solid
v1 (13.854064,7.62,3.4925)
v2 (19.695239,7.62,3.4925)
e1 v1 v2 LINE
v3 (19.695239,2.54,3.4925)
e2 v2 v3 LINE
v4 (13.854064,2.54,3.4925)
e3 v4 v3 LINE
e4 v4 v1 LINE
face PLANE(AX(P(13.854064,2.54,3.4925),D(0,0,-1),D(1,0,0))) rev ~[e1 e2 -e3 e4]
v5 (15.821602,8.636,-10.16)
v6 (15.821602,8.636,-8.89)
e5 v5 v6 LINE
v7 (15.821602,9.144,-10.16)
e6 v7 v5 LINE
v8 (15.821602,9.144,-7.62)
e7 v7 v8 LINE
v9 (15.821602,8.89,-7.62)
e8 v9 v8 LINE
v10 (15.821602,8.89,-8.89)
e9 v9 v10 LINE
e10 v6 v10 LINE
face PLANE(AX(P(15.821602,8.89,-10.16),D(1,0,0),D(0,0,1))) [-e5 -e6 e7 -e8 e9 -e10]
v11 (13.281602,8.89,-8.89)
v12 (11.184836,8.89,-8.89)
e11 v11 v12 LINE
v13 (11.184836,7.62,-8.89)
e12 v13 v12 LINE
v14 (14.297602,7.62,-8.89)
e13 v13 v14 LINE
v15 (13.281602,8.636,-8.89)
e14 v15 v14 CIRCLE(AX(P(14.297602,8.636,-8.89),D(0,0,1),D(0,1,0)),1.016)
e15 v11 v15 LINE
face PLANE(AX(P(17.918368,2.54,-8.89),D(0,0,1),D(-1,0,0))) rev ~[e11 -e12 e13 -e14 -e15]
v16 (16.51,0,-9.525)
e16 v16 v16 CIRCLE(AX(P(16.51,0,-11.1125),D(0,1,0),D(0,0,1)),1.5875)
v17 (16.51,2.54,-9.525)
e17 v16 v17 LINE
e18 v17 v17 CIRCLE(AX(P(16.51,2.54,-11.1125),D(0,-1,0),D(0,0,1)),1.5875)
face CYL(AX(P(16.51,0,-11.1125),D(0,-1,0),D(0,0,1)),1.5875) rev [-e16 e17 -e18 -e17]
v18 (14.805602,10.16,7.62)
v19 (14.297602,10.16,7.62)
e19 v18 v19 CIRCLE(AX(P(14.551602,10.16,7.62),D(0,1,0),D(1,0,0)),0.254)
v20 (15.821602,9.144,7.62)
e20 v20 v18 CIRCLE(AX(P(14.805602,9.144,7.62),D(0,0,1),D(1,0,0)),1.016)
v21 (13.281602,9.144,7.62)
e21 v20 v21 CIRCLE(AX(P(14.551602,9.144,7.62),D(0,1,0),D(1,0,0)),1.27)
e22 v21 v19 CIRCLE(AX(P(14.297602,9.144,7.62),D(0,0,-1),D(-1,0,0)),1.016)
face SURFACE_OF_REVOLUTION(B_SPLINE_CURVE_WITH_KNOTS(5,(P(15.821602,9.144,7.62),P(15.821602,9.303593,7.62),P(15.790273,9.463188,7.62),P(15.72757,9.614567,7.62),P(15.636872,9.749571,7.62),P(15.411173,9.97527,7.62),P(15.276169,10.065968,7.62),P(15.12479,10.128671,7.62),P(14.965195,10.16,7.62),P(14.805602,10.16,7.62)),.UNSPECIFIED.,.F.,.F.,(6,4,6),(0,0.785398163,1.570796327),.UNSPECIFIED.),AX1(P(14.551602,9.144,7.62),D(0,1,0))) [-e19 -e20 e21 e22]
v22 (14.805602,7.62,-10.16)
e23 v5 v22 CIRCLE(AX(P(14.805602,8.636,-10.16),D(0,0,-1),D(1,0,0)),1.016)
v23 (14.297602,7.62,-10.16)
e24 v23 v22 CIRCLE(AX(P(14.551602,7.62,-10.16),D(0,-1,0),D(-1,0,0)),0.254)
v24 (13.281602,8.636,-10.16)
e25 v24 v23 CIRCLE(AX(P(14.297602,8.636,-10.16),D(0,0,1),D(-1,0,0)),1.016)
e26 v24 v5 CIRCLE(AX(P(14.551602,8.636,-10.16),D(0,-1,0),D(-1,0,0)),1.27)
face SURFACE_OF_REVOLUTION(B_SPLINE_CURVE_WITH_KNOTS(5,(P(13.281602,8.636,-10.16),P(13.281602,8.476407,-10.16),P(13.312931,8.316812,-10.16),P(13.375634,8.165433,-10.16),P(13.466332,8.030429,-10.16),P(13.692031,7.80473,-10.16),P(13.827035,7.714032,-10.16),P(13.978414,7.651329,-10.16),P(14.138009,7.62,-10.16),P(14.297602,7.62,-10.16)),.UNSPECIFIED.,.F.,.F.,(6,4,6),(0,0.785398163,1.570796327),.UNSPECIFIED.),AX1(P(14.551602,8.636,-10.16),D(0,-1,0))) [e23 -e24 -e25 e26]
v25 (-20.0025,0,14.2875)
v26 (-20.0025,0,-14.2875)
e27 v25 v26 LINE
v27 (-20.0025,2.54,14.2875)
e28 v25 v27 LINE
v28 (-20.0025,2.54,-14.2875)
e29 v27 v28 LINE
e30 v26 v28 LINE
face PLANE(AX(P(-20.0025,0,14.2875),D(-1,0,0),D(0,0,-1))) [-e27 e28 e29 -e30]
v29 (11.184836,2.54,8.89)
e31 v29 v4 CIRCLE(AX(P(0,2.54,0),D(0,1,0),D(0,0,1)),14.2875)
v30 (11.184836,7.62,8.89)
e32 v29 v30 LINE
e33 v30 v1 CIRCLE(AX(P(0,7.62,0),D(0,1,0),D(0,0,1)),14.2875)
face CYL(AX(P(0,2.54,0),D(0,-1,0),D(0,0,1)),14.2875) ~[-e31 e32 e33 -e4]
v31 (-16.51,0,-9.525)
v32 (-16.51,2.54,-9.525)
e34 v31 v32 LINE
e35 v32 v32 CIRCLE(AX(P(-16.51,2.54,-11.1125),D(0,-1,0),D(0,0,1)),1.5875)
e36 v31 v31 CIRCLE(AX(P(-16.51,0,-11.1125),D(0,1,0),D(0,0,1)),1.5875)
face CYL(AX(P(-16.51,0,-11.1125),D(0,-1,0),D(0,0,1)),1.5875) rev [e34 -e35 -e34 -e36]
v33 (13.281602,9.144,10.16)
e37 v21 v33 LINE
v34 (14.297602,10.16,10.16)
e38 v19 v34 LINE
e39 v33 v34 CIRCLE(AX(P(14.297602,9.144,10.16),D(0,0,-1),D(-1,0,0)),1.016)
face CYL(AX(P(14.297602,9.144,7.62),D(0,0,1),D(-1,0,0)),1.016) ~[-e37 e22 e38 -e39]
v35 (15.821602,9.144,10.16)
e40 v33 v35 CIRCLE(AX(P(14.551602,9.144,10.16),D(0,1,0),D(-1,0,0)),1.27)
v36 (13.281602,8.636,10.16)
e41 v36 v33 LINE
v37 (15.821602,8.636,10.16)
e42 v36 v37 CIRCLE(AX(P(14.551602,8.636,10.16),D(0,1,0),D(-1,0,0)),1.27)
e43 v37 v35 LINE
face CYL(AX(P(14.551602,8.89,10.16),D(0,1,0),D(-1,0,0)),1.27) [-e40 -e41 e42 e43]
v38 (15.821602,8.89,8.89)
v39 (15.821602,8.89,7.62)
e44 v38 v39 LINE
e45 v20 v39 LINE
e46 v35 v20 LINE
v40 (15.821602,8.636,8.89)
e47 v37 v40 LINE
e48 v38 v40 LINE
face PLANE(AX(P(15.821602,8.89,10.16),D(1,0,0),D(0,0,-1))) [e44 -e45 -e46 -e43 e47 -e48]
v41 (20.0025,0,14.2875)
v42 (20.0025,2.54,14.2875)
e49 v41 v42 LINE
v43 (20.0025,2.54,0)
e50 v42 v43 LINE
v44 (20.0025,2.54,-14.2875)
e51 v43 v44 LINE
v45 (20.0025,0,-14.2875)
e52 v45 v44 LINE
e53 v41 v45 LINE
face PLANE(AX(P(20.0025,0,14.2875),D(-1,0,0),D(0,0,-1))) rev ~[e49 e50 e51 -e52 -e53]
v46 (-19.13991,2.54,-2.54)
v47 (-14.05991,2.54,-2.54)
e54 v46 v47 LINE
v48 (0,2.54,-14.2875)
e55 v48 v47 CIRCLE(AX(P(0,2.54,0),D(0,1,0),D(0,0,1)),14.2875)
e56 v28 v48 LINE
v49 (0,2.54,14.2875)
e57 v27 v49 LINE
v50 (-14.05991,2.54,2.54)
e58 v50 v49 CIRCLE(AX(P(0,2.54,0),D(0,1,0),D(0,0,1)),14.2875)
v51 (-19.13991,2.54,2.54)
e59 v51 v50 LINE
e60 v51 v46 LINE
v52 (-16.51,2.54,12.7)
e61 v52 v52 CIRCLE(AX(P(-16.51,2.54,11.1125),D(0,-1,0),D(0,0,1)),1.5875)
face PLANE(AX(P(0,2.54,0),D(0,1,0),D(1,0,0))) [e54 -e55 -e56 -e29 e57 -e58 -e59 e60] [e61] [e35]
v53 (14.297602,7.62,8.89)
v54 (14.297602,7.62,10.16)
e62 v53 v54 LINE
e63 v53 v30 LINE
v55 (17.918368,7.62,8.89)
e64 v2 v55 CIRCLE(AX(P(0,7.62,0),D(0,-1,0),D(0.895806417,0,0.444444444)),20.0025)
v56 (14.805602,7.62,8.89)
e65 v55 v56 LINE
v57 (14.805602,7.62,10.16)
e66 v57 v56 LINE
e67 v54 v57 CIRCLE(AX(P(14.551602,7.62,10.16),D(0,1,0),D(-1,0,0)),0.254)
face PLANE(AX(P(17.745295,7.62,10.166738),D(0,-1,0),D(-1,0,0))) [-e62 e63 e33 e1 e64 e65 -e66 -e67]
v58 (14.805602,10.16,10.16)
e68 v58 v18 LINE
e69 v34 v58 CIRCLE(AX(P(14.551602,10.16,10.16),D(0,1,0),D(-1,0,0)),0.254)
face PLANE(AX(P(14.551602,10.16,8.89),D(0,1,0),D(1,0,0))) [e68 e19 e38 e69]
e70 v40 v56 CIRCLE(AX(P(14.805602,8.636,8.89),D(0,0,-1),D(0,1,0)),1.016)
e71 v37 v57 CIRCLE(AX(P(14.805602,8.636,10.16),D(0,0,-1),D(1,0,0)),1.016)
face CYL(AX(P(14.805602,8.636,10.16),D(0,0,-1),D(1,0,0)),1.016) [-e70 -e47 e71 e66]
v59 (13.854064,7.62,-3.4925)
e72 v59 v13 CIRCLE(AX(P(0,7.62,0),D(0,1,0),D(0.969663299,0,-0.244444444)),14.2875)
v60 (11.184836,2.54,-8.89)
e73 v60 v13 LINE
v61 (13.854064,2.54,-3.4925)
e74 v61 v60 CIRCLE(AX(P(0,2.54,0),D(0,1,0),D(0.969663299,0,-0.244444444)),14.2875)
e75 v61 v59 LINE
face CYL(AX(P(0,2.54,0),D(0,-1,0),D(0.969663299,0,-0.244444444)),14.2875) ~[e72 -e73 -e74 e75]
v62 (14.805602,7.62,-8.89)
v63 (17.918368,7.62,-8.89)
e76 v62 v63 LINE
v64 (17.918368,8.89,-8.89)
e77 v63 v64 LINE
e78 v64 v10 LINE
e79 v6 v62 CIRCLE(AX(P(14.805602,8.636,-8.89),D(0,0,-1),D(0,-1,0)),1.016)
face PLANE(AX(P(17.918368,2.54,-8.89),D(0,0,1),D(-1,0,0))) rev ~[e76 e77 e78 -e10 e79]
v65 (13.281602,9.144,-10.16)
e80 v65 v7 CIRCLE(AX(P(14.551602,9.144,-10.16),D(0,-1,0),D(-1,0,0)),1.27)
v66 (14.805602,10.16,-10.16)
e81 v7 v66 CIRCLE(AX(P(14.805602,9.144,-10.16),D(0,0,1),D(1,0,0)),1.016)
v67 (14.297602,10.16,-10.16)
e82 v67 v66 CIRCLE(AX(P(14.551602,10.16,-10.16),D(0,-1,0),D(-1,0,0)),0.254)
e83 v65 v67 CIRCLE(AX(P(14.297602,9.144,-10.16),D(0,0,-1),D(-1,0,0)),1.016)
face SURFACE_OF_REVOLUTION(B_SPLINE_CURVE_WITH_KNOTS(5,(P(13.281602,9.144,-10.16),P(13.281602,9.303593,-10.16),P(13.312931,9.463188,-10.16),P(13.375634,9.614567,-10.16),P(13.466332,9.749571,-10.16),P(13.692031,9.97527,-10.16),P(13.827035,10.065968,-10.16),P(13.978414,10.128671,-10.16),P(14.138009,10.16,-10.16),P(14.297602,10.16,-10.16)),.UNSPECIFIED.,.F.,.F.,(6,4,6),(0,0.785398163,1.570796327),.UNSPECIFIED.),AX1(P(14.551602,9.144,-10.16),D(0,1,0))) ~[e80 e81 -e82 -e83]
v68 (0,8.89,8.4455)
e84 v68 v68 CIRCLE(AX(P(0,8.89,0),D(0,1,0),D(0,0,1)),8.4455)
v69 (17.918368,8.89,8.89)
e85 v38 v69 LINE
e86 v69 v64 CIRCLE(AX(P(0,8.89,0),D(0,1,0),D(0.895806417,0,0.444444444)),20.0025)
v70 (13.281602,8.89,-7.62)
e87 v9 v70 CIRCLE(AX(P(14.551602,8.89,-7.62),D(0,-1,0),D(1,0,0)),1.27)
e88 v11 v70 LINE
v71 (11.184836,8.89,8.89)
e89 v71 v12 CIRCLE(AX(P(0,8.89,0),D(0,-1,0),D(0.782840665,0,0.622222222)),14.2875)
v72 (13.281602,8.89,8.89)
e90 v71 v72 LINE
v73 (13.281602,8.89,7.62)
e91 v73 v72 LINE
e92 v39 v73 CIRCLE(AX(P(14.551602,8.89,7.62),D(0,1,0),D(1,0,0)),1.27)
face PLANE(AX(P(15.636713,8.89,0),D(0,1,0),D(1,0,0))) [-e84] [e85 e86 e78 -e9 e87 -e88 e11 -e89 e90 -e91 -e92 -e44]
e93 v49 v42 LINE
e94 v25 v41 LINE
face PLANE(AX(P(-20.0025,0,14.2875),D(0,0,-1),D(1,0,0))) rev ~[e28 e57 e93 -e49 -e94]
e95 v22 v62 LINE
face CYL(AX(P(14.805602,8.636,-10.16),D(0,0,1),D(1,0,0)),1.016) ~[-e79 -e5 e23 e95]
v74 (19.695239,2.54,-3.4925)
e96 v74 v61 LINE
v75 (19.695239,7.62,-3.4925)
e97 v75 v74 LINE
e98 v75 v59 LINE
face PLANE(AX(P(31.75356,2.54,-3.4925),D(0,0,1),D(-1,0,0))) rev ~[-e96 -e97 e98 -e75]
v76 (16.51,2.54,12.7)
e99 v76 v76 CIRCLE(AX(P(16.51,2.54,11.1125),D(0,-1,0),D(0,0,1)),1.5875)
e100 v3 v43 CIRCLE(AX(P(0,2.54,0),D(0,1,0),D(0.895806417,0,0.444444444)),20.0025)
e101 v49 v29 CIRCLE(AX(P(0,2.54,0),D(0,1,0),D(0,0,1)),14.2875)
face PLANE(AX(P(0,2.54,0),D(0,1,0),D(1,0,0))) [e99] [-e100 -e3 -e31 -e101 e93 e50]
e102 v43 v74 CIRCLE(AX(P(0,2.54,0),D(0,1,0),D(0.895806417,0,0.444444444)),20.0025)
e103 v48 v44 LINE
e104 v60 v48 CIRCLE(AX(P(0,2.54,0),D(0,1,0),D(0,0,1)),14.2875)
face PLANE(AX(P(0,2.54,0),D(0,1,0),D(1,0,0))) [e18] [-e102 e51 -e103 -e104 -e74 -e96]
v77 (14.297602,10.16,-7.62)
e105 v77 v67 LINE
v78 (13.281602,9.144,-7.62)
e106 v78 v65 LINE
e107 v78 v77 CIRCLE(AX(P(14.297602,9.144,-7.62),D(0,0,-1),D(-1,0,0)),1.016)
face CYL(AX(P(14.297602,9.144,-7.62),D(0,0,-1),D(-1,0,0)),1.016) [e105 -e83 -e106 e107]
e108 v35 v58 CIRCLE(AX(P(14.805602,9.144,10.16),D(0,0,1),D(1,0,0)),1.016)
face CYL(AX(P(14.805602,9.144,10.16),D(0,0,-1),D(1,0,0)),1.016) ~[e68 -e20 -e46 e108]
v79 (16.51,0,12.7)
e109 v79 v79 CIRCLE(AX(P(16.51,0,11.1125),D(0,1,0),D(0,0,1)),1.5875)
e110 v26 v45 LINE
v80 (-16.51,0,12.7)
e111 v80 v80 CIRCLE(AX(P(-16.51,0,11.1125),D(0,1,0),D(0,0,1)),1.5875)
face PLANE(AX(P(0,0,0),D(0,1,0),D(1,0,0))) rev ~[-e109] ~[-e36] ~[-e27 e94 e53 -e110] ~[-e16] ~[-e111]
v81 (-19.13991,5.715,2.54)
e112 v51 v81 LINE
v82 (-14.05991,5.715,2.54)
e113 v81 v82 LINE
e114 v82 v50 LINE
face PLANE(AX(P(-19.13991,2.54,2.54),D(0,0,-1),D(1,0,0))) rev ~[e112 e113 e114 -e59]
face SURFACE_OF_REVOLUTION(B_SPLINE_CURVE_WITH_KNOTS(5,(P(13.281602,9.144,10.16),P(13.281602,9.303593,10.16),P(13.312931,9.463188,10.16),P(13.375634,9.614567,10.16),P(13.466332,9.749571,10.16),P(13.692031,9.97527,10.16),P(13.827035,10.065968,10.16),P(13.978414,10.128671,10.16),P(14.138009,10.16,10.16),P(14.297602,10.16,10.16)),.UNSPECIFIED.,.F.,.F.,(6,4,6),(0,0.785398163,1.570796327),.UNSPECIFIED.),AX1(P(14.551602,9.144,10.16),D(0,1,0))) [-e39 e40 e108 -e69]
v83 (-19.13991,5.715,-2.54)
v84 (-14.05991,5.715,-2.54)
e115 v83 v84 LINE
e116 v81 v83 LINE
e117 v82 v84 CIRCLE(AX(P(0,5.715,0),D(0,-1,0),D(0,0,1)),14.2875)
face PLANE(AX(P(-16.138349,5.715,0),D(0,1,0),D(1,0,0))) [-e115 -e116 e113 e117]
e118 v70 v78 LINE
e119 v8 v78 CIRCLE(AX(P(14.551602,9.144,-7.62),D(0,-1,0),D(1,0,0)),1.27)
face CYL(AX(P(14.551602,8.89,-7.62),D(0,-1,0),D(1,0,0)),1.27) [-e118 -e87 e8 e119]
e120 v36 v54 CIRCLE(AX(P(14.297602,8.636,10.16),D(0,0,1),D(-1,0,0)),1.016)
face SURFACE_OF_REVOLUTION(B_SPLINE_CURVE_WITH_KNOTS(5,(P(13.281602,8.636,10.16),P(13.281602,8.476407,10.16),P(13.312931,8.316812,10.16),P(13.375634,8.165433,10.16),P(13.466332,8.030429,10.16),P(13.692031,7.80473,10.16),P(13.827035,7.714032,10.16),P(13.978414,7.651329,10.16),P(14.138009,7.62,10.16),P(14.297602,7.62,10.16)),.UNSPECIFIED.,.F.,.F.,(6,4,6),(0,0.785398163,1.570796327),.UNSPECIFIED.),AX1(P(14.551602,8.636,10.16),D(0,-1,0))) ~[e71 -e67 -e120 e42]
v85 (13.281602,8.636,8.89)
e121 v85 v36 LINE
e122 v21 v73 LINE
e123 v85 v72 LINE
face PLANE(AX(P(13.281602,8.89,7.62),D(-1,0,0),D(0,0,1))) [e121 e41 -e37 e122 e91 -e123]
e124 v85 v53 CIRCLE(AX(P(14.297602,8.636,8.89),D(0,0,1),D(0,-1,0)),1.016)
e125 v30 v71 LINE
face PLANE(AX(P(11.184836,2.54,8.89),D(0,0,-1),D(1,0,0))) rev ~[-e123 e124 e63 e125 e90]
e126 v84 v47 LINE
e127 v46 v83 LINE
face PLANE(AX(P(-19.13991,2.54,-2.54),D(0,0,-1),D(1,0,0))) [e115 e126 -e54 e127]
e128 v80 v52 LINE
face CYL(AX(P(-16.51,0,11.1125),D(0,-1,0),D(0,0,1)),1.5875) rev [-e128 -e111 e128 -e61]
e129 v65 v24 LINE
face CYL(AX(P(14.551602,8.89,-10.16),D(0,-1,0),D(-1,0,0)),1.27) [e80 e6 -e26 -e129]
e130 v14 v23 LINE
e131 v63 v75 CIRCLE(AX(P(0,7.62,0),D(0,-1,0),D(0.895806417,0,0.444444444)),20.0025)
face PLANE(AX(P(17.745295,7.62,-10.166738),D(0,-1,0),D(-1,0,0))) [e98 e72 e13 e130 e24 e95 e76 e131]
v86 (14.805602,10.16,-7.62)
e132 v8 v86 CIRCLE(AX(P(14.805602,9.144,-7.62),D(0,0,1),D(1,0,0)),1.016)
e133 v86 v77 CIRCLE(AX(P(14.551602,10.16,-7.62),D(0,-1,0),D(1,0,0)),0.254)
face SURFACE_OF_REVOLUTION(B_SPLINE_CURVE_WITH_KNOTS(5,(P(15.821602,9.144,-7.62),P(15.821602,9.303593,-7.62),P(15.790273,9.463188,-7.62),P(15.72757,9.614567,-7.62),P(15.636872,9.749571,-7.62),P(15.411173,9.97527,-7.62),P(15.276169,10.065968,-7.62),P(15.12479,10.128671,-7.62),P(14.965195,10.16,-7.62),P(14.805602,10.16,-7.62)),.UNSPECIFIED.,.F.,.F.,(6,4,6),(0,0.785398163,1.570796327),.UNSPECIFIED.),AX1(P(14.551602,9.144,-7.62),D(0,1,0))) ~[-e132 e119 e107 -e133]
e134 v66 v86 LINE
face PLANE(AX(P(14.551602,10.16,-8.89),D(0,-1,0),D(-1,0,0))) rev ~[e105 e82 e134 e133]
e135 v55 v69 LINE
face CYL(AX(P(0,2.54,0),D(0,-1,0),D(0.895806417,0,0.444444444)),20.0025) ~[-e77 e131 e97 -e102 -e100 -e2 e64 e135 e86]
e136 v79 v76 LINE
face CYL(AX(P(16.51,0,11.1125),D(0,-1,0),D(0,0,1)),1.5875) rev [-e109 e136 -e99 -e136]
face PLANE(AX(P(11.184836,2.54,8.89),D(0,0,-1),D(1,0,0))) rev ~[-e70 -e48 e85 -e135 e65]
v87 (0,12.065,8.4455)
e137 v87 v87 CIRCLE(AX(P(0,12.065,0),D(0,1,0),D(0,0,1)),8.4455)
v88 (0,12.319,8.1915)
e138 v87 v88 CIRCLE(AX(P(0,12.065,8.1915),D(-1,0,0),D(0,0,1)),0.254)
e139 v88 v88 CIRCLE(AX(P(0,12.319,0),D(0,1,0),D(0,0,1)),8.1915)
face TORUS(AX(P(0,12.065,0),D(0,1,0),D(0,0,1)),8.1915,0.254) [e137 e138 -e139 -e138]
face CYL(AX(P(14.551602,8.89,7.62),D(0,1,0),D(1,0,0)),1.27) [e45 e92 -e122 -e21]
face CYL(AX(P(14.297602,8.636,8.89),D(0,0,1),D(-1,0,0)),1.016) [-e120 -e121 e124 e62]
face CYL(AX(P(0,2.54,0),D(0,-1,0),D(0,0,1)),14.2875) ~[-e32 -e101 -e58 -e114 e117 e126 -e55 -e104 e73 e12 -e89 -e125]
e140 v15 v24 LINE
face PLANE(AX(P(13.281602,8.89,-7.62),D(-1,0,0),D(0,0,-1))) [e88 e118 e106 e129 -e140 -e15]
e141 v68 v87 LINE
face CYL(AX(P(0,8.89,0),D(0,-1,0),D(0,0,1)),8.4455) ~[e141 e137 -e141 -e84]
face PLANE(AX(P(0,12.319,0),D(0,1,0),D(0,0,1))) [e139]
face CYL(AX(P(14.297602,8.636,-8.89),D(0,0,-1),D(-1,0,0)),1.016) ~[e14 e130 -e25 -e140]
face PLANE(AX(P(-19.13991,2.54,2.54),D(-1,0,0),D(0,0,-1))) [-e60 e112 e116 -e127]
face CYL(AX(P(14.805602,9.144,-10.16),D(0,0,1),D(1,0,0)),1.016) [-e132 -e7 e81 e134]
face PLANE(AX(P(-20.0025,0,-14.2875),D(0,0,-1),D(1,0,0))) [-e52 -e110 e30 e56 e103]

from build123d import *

# Parameters (mm, degrees)
SKETCH1_W           = 40.005
SKETCH1_H           = 28.575
BOSS_EXTRUDE1_DEPTH = 2.54
SKETCH2_R           = 1.5875
CUT_EXTRUDE1_DEPTH  = 25.712026677
SKETCH3_R           = 14.2875
BOSS_EXTRUDE2_DEPTH = 6.35
SKETCH4_R           = 8.4455
BOSS_EXTRUDE3_DEPTH = 3.429
FILLET1_R           = 0.254
SKETCH5_W           = 6.003121546
SKETCH5_H           = 5.08
BOSS_EXTRUDE4_DEPTH = 3.175
BOSS_EXTRUDE5_DEPTH = 6.35
BOSS_EXTRUDE6_DEPTH = 1.27
FILLET2_R           = 1.016
CUT_EXTRUDE2_DEPTH  = 5.08


with BuildPart() as part:
    # Sketch1 → Boss-Extrude1 (new body)
    with BuildSketch(Plane(origin=(0, 0, 0), x_dir=(1, 0, 0), z_dir=(0, 1, 0))):
        Rectangle(SKETCH1_W, SKETCH1_H)
    extrude(amount=BOSS_EXTRUDE1_DEPTH)

    # Sketch2 → Cut-Extrude1 (cut, through all)
    with BuildSketch(Plane(origin=(0, 0, 0), x_dir=(1, 0, 0), z_dir=(0, 1, 0))):
        with Locations(Location((-16.51, 11.1125, 0), (0, 0, 270))):
            Circle(SKETCH2_R)
        with Locations(Location((16.51, 11.1125, 0), (0, 0, 270))):
            Circle(SKETCH2_R)
        with Locations(Location((16.51, -11.1125, 0), (0, 0, 270))):
            Circle(SKETCH2_R)
        with Locations(Location((-16.51, -11.1125, 0), (0, 0, 270))):
            Circle(SKETCH2_R)
    extrude(amount=CUT_EXTRUDE1_DEPTH, mode=Mode.SUBTRACT)

    # Sketch3 → Boss-Extrude2 (add)
    with BuildSketch(Plane(origin=(0, 2.54, 0), x_dir=(1, 0, 0), z_dir=(0, 1, 0))):
        with Locations(Location((0, 0, 0), (0, 0, 270))):
            Circle(SKETCH3_R)
    extrude(amount=BOSS_EXTRUDE2_DEPTH)

    # Sketch4 → Boss-Extrude3 (add)
    with BuildSketch(Plane(origin=(0, 8.89, 0), x_dir=(1, 0, 0), z_dir=(0, 1, 0))):
        with Locations(Location((0, 0, 0), (0, 0, 270))):
            Circle(SKETCH4_R)
    extrude(amount=BOSS_EXTRUDE3_DEPTH)

    # Fillet1
    fillet1_edges = [part.edges().sort_by_distance(p)[0] for p in [
        (0, 12.319, -8.4455),
    ]]
    fillet(fillet1_edges, radius=FILLET1_R)

    # Sketch5 → Boss-Extrude4 (add)
    with BuildSketch(Plane(origin=(0, 2.54, 0), x_dir=(1, 0, 0), z_dir=(0, 1, 0))):
        with Locations((-16.138348766, 0)):
            Rectangle(SKETCH5_W, SKETCH5_H)
    extrude(amount=BOSS_EXTRUDE4_DEPTH)

    # Sketch6 → Boss-Extrude5 (add)
    with BuildSketch(Plane(origin=(0, 2.54, 0), x_dir=(1, 0, 0), z_dir=(0, 1, 0))):
        with BuildLine():
            Line((11.184835996, -8.89), (17.918367846, -8.89))
            ThreePointArc((17.918367846, -8.89), (20.0025, 0), (17.918367846, 8.89))
            Line((17.918367846, 8.89), (11.184835996, 8.89))
            ThreePointArc((11.184835996, 8.89), (14.2875, 0), (11.184835996, -8.89))
        make_face()
    extrude(amount=BOSS_EXTRUDE5_DEPTH)

    # Sketch7 → Boss-Extrude6 (add, symmetric)
    with BuildSketch(Plane(origin=(0, 8.89, 0), x_dir=(1, 0, 0), z_dir=(0, 1, 0))):
        with BuildLine():
            Line((13.281601921, 7.62), (13.281601921, 10.16))
            ThreePointArc((13.281601921, 10.16), (14.551601921, 11.43), (15.821601921, 10.16))
            Line((15.821601921, 10.16), (15.821601921, 7.62))
            ThreePointArc((15.821601921, 7.62), (14.551601921, 6.35), (13.281601921, 7.62))
        make_face()
        with BuildLine():
            Line((13.281601921, -7.62), (13.281601921, -10.16))
            ThreePointArc((13.281601921, -10.16), (14.551601921, -11.43), (15.821601921, -10.16))
            Line((15.821601921, -10.16), (15.821601921, -7.62))
            ThreePointArc((15.821601921, -7.62), (14.551601921, -6.35), (13.281601921, -7.62))
        make_face()
    extrude(amount=BOSS_EXTRUDE6_DEPTH, both=True)

    # Fillet2
    fillet2_edges = [part.edges().sort_by_distance(p)[0] for p in [
        (13.281601921, 7.62, 9.525),
        (14.551601921, 7.62, 11.43),
        (15.821601921, 7.62, 9.525),
        (14.551601921, 10.16, 6.35),
        (13.281601921, 10.16, 8.89),
        (14.551601921, 10.16, 11.43),
        (15.821601921, 10.16, 8.89),
        (15.821601921, 7.62, -9.525),
        (14.551601921, 7.62, -11.43),
        (13.281601921, 7.62, -9.525),
        (14.551601921, 10.16, -6.35),
        (15.821601921, 10.16, -8.89),
        (14.551601921, 10.16, -11.43),
        (13.281601921, 10.16, -8.89),
    ]]
    fillet(fillet2_edges, radius=FILLET2_R)

    # Sketch9 → Cut-Extrude2 (cut)
    with BuildSketch(Plane(origin=(0, 2.54, 0), x_dir=(1, 0, 0), z_dir=(0, 1, 0))):
        with BuildLine():
            Line((0, 14.2875), (31.753560491, 14.2875))
            Line((31.753560491, 14.2875), (31.753560491, 3.4925))
            Line((31.753560491, 3.4925), (13.854064386, 3.4925))
            ThreePointArc((13.854064386, 3.4925), (8.781616096, 11.270131987), (0, 14.2875))
        make_face()
        with BuildLine():
            Line((13.854064386, -3.4925), (31.753560491, -3.4925))
            Line((31.753560491, -3.4925), (31.753560491, -14.2875))
            Line((31.753560491, -14.2875), (0, -14.2875))
            ThreePointArc((0, -14.2875), (8.781616096, -11.270131987), (13.854064386, -3.4925))
        make_face()
    extrude(amount=CUT_EXTRUDE2_DEPTH, mode=Mode.SUBTRACT)


solid = part.part
